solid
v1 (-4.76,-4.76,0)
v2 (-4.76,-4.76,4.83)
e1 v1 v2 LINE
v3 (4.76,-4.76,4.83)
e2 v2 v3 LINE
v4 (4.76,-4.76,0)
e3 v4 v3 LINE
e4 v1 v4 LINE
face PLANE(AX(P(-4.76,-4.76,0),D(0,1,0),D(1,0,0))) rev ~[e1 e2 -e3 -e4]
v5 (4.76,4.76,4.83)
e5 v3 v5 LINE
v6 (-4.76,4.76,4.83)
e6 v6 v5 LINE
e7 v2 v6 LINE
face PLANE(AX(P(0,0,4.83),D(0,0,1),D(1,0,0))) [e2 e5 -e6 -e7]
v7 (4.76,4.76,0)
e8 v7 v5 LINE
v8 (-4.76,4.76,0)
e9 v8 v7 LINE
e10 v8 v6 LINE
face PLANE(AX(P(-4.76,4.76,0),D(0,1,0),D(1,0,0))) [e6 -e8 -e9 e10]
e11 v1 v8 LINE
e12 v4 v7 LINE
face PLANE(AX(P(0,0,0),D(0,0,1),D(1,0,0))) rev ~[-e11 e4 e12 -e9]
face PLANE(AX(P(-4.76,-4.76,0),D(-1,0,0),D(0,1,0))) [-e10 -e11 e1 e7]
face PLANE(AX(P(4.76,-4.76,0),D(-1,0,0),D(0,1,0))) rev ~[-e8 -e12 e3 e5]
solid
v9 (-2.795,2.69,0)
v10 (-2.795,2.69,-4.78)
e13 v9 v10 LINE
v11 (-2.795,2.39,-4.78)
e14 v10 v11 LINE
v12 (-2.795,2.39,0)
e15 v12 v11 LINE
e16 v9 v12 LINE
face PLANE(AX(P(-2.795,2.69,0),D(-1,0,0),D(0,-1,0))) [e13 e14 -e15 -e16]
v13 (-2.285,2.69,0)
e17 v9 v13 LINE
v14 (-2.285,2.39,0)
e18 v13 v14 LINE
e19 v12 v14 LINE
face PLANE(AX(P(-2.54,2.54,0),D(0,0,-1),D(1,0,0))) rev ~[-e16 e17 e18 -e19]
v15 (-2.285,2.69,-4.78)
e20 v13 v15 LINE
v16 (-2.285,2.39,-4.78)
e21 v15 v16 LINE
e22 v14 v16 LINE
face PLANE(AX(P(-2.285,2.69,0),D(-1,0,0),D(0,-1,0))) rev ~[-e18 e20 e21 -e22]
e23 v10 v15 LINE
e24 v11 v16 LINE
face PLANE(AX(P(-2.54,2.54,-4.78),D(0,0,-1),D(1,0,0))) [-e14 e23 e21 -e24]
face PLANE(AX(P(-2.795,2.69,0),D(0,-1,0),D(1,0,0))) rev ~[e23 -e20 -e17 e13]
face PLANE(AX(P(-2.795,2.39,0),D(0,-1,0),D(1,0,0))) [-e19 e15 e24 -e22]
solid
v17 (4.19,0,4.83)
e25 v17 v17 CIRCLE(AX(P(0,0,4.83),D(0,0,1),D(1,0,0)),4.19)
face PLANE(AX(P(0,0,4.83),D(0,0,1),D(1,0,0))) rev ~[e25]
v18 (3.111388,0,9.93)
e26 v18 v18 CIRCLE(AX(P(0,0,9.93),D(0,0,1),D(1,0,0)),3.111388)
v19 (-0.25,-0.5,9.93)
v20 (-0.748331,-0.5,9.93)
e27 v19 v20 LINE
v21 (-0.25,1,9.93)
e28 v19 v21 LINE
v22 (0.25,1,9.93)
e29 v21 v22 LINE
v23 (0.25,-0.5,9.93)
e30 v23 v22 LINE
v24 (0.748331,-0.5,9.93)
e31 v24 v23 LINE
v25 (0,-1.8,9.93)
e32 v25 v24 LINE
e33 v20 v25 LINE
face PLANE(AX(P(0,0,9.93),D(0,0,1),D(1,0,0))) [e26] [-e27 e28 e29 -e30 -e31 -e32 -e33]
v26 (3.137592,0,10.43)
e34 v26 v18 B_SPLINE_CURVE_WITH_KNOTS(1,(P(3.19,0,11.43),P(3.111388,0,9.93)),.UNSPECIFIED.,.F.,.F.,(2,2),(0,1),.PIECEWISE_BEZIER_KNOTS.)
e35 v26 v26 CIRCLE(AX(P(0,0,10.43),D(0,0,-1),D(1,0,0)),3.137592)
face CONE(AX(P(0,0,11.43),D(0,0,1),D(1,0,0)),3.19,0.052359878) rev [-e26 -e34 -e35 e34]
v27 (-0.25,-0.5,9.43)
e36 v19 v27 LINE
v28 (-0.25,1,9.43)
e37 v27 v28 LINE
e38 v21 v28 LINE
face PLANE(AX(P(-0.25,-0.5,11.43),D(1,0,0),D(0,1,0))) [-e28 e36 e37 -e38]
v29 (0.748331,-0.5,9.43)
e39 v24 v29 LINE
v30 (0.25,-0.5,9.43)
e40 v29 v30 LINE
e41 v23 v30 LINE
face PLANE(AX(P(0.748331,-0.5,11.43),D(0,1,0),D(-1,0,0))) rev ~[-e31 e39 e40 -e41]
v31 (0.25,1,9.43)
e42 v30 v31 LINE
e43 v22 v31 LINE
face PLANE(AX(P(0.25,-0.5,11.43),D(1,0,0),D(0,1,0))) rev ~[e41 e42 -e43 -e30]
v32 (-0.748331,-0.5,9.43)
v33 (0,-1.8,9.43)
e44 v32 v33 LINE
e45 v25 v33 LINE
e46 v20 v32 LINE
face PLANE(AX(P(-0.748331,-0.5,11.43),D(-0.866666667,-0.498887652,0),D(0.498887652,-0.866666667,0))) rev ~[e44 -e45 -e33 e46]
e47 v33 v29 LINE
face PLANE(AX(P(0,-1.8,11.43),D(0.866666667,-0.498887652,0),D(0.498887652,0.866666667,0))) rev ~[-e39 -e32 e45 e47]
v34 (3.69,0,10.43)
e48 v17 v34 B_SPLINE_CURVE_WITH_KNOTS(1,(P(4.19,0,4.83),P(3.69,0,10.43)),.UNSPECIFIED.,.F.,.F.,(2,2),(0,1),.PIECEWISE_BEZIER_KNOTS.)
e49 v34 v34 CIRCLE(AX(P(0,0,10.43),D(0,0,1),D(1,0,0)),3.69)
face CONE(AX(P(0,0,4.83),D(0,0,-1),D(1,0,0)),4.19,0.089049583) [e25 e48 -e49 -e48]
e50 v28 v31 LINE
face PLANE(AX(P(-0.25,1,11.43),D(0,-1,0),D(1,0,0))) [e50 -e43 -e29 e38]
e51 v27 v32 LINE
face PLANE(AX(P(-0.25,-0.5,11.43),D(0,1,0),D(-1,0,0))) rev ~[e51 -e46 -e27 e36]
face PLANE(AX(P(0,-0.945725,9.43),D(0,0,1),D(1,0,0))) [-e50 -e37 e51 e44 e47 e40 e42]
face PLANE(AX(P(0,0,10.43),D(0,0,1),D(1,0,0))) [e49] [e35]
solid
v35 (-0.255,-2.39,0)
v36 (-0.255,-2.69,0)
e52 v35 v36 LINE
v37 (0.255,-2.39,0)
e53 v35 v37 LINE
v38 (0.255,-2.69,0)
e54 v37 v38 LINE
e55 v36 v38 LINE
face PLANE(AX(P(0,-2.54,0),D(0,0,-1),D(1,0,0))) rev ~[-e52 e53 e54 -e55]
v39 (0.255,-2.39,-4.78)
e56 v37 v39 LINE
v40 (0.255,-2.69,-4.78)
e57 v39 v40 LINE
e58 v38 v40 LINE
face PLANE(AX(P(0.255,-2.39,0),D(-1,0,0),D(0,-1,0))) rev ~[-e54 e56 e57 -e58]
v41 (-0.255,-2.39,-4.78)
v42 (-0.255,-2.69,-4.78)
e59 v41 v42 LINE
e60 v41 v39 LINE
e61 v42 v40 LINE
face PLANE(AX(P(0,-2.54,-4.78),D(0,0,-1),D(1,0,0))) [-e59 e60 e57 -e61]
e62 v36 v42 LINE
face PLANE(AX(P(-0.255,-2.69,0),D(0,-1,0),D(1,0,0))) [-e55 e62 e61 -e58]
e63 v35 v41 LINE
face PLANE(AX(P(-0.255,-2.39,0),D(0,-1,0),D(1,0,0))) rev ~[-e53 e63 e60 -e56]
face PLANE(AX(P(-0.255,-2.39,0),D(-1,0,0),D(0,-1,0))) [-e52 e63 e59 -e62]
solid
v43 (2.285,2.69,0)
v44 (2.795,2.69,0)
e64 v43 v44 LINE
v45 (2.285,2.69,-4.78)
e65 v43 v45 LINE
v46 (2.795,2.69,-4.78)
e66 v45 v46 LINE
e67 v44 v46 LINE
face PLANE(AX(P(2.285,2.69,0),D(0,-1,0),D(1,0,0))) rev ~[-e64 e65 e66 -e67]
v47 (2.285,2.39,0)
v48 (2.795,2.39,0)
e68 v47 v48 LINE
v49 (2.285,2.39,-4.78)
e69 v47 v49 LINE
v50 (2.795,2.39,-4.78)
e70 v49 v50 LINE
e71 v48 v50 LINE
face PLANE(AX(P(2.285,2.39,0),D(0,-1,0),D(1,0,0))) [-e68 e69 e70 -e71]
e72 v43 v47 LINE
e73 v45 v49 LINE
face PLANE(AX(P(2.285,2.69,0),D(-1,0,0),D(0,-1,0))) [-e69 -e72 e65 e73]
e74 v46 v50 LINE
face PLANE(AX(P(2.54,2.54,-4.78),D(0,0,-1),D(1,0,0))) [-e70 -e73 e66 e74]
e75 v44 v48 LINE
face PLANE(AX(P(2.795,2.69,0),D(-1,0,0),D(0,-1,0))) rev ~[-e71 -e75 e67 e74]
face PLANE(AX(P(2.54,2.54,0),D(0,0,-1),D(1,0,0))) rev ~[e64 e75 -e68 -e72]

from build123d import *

# Parameters (mm, degrees)
F0_W      = 9.52
F0_H      = 9.52
F1_DEPTH  = 4.83
F4_R      = 4.19
F11_R     = 3.69
F12_R     = 3.19
F12_W     = 0.5
F12_H     = 1.5
F12_H_2   = 0.5
F8_DEPTH  = 1.5
F8_TAPER  = 3
F13_DEPTH = 2
F9_W      = 0.51
F9_H      = 0.3
F10_DEPTH = 4.78


with BuildPart() as f1:
    # F0 (on Top) → F1 (new body)
    with BuildSketch(Plane.XY):
        Rectangle(F0_W, F0_H)
    extrude(amount=F1_DEPTH)


with BuildPart() as f6:
    # F4 (on offset) → F6 section 0
    with BuildSketch(Plane.XY.offset(4.83)):
        Circle(F4_R)
    # F11 (on offset) → F6 section 1
    with BuildSketch(Plane.XY.offset(10.43)):
        Circle(F11_R)
    loft()

    # F12 (on offset) → F8 (cut)
    with BuildSketch(Plane.XY.offset(11.43)):
        Circle(F12_R)
        Polygon((0.25, 1), (0.25, -0.5), (0.7483314774, -0.5), (0, -1.8), (-0.7483314774, -0.5), (-0.25, -0.5), (-0.25, 1), align=None, mode=Mode.SUBTRACT)
        with Locations((0, 0.25)):
            Rectangle(F12_W, F12_H)
        Polygon((0.25, -0.5), (0.25, -1), (-0.25, -1), (-0.25, -0.5), (-0.7483314774, -0.5), (0, -1.8), (0.7483314774, -0.5), align=None)
        with Locations((0, -0.75)):
            Rectangle(F12_W, F12_H_2)
    extrude(amount=-F8_DEPTH, taper=F8_TAPER, mode=Mode.SUBTRACT)

    # F12 (on offset) → F13 (cut)
    with BuildSketch(Plane.XY.offset(11.43)):
        Polygon((0.25, -0.5), (0.25, -1), (-0.25, -1), (-0.25, -0.5), (-0.7483314774, -0.5), (0, -1.8), (0.7483314774, -0.5), align=None)
        with Locations((0, 0.25)):
            Rectangle(F12_W, F12_H)
        with Locations((0, -0.75)):
            Rectangle(F12_W, F12_H_2)
    extrude(amount=-F13_DEPTH, mode=Mode.SUBTRACT)


with BuildPart() as f10:
    # F9 (on face) → F10 (new body)
    with BuildSketch(Plane(origin=(0, 0, 0), x_dir=(1, 0, 0), z_dir=(0, 0, -1))):
        with Locations((-2.54, -2.54)):
            Rectangle(F9_W, F9_H)
    extrude(amount=F10_DEPTH)


with BuildPart() as f10b:
    # F9 (on face) → F10, piece 2 (new body)
    with BuildSketch(Plane(origin=(0, 0, 0), x_dir=(1, 0, 0), z_dir=(0, 0, -1))):
        with Locations((2.54, -2.54)):
            Rectangle(F9_W, F9_H)
    extrude(amount=F10_DEPTH)


with BuildPart() as f10c:
    # F9 (on face) → F10, piece 3 (new body)
    with BuildSketch(Plane(origin=(0, 0, 0), x_dir=(1, 0, 0), z_dir=(0, 0, -1))):
        with Locations((0, 2.54)):
            Rectangle(F9_W, F9_H)
    extrude(amount=F10_DEPTH)


solid = Compound([f1.part, f6.part, f10.part, f10b.part, f10c.part])
